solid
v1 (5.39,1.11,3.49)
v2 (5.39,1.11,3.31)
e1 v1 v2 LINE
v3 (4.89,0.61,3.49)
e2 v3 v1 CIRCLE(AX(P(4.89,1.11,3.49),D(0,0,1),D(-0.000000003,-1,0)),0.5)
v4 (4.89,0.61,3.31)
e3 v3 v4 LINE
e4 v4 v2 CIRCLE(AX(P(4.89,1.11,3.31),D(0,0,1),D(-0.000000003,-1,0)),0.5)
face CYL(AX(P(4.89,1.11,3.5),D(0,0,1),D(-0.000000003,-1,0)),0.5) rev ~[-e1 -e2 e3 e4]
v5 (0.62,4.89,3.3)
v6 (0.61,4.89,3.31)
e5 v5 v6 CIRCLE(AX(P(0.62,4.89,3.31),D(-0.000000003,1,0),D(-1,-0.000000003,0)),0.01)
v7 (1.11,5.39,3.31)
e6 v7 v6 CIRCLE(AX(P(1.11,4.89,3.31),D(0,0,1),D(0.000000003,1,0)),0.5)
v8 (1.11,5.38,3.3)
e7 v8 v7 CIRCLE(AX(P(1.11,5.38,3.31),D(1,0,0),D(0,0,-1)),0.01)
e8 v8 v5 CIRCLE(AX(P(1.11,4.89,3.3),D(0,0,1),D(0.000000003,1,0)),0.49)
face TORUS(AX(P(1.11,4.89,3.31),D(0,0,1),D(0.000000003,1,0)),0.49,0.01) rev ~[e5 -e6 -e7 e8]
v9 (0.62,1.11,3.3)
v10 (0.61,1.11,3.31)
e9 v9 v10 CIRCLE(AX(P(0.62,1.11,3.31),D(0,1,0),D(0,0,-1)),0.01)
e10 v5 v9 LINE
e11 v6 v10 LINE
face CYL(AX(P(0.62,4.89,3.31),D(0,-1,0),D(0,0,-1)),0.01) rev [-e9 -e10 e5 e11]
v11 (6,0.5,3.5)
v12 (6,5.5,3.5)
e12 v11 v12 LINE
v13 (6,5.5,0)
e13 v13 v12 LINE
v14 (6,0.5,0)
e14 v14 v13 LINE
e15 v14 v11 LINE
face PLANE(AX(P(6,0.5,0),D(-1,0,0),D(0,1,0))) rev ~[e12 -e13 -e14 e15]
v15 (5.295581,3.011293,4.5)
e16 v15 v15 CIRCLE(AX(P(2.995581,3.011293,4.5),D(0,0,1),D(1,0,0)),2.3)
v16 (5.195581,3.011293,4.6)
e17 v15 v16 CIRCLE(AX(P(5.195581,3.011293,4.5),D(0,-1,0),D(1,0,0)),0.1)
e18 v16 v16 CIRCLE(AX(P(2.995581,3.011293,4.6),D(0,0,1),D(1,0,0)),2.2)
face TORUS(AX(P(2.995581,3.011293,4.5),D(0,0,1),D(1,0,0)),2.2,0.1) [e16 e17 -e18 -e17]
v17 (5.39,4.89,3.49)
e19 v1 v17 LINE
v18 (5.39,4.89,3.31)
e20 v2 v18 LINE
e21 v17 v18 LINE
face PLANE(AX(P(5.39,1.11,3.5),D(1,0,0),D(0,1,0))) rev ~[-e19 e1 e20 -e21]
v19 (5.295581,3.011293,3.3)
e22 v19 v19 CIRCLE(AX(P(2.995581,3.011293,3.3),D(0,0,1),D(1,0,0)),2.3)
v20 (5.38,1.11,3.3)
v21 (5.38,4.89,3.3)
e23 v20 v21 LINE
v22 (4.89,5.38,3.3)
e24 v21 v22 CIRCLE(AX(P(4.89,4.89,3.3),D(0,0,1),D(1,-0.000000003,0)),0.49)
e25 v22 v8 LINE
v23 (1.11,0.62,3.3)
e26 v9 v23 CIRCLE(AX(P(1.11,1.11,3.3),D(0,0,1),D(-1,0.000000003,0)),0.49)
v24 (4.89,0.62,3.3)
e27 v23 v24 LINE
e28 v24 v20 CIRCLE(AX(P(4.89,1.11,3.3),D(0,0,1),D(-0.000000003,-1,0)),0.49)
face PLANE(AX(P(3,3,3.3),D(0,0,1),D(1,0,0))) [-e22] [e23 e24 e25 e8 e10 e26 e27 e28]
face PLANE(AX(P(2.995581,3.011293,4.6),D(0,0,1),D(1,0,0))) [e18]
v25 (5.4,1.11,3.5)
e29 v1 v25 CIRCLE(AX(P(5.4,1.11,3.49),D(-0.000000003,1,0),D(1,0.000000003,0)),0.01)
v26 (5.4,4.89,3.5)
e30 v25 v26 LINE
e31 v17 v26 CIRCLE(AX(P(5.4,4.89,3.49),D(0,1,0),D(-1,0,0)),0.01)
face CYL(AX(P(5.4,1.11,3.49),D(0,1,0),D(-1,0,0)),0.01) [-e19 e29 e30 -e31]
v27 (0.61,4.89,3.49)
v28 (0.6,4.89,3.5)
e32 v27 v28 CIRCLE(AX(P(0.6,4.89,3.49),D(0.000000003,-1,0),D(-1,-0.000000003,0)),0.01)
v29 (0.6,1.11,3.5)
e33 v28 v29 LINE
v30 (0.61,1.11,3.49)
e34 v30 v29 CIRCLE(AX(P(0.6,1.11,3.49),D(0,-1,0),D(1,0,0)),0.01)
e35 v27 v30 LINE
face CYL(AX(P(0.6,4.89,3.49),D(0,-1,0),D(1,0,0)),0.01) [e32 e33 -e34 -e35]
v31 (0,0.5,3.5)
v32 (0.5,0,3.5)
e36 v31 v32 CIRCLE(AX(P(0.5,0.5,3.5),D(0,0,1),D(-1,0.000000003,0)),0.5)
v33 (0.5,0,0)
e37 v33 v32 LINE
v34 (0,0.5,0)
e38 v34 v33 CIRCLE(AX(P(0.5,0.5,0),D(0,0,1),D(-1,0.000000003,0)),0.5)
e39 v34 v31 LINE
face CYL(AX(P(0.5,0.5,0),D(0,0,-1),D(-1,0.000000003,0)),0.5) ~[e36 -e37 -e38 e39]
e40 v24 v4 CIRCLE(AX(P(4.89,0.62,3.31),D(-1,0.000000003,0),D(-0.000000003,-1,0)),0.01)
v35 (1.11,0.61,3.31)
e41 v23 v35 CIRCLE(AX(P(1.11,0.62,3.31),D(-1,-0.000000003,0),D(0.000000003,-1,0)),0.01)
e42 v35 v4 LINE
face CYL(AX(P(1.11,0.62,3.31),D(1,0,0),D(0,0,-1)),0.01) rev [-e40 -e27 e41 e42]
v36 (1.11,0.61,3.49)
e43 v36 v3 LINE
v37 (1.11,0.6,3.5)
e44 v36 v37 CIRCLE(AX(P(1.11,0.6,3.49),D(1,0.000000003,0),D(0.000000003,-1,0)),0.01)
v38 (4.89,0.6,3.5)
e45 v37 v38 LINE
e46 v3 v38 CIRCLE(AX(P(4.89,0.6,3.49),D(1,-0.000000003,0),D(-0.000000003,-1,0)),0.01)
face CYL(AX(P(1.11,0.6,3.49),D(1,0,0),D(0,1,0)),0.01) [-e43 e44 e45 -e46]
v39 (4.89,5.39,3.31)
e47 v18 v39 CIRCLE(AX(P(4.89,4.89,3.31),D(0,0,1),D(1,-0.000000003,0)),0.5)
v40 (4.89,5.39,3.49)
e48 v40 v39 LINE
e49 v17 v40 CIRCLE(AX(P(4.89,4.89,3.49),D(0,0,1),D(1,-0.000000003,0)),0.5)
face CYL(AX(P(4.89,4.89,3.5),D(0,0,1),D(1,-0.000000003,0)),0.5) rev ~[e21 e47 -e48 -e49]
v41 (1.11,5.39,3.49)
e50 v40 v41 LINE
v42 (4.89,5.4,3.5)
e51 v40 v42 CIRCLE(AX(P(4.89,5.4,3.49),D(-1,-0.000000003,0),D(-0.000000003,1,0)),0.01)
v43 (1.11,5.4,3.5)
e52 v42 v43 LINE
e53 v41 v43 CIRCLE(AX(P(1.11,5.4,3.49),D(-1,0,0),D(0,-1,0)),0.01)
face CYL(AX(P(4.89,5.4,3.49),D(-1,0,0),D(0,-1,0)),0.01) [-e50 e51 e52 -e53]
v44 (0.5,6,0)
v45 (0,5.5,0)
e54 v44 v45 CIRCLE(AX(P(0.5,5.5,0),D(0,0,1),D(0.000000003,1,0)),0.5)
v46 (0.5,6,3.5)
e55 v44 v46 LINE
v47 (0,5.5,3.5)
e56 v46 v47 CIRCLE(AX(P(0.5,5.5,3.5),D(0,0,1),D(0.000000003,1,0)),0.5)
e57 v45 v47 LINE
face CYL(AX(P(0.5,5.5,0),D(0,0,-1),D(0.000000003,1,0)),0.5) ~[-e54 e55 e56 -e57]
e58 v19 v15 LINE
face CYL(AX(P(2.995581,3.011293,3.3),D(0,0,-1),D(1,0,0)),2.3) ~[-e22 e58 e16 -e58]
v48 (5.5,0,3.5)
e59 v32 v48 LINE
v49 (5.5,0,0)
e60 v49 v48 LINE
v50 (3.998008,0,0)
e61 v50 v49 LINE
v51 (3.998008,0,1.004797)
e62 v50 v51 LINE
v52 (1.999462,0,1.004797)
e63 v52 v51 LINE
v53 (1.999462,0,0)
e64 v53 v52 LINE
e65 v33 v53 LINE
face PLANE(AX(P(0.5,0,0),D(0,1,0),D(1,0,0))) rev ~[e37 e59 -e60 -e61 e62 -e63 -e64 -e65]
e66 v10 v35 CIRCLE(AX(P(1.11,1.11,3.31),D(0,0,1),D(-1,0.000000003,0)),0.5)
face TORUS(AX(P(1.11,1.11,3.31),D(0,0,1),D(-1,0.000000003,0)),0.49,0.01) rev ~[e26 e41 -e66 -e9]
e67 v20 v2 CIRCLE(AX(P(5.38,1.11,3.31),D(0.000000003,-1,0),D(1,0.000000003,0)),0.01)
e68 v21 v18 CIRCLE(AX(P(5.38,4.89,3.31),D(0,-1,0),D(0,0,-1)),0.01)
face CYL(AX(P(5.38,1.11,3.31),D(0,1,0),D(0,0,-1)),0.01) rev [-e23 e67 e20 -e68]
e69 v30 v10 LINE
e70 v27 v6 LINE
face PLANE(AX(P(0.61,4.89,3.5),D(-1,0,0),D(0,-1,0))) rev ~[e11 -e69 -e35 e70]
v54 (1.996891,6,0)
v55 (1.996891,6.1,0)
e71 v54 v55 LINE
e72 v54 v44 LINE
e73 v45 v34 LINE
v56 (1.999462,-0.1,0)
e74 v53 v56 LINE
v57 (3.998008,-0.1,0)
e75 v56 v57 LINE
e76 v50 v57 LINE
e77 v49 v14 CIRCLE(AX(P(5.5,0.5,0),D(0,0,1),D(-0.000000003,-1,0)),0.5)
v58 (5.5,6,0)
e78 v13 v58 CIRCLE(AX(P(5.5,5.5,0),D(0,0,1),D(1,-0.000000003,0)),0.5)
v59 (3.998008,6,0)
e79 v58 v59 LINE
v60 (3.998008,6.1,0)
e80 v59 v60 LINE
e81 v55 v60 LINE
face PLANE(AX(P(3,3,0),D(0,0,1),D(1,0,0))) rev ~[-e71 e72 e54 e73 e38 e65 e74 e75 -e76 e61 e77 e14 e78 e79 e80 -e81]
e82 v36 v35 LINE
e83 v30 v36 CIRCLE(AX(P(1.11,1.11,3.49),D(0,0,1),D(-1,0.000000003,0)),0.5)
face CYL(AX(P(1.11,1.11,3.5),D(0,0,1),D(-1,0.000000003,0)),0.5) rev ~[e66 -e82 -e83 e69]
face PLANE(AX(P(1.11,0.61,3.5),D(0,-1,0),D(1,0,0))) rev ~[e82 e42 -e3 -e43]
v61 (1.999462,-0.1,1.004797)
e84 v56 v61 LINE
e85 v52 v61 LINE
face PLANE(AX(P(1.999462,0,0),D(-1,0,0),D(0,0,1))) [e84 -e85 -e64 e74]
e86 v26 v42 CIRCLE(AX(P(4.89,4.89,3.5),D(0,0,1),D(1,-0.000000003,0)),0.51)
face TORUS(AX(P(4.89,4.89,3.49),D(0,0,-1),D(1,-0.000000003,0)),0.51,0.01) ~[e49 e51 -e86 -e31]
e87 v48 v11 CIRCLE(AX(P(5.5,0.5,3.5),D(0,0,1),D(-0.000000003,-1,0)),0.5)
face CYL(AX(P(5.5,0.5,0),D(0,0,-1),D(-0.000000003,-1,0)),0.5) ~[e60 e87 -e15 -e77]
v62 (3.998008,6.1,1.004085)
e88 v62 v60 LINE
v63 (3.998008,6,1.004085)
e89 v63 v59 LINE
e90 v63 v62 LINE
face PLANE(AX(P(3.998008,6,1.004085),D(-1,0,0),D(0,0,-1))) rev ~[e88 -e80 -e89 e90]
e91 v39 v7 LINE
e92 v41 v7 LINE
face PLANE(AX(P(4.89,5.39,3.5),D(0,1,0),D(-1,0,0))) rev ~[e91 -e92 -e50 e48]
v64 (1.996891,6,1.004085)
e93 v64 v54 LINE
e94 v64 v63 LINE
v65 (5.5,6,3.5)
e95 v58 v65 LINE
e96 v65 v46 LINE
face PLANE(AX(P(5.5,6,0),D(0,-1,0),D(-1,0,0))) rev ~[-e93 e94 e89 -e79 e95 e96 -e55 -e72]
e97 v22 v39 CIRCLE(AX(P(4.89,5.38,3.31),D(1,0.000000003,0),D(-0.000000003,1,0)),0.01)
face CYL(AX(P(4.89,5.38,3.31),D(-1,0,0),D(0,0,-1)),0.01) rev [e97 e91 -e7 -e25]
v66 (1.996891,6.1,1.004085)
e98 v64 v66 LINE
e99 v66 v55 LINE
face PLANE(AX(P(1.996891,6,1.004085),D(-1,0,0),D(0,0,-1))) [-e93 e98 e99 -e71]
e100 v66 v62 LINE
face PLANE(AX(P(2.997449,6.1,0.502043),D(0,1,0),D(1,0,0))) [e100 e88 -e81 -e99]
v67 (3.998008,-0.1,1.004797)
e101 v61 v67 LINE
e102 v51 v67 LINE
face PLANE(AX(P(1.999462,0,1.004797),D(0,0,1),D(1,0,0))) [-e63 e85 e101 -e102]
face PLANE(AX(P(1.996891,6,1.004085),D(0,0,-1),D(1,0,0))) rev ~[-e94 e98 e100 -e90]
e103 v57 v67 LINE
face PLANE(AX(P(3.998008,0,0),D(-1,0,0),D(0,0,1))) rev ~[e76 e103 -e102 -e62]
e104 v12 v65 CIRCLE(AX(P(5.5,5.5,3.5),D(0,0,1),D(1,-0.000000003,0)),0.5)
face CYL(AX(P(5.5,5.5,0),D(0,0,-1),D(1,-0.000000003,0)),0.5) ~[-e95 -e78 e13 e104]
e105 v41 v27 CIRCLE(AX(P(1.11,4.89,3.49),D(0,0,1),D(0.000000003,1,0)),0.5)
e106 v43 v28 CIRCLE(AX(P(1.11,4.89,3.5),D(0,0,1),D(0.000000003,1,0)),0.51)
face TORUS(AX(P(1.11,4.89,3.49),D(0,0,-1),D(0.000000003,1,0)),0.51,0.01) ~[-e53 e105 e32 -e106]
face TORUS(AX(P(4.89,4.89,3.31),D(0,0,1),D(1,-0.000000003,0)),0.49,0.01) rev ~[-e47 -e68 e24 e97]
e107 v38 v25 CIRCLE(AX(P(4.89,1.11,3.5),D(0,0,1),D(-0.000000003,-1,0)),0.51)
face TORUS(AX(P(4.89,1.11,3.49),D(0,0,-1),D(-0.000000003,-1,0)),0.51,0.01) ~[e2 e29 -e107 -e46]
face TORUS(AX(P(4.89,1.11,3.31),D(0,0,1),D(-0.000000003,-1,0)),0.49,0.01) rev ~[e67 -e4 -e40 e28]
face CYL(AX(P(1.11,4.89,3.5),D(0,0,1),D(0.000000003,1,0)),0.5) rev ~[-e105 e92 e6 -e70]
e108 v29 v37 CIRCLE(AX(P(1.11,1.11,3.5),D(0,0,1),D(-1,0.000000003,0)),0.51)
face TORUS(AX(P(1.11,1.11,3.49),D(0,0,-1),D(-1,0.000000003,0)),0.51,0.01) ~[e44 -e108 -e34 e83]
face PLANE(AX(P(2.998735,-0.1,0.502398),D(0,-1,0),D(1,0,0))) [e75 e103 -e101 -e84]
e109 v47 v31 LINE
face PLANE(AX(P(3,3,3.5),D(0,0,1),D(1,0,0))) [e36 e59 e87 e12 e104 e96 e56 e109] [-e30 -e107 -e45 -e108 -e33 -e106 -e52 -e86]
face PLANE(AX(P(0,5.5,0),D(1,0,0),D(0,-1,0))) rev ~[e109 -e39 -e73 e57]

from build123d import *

# Parameters (mm, degrees)
BOSS_EXTRU_1_DEPTH      = 3.5
ENL_V_MAT_EXTRU_1_DEPTH = 0.2
ESQUISSE3_R             = 2.3
BOSS_EXTRU_2_DEPTH      = 1.3
CONG_1_R                = 0.1
CONG_2_R                = 0.01
ESQUISSE4_W             = 1.998545811
ESQUISSE4_H             = 1.004796591
BOSS_EXTRU_3_DEPTH      = 0.1
ESQUISSE5_W             = 2.001116517
ESQUISSE5_H             = 1.004085413
BOSS_EXTRU_4_DEPTH      = 0.1


with BuildPart() as part:
    # Esquisse1 → Boss.-Extru.1 (new body)
    with BuildSketch(Plane.XY):
        with BuildLine():
            Line((0.5, 0), (5.5, 0))
            ThreePointArc((5.5, 0), (5.853553391, 0.146446609), (6, 0.5))
            Line((6, 0.5), (6, 5.5))
            ThreePointArc((6, 5.5), (5.853553391, 5.853553391), (5.5, 6))
            Line((5.5, 6), (0.5, 6))
            ThreePointArc((0.5, 6), (0.146446609, 5.853553391), (0, 5.5))
            Line((0, 5.5), (0, 0.5))
            ThreePointArc((0, 0.5), (0.146446609, 0.146446609), (0.5, 0))
        make_face()
    extrude(amount=BOSS_EXTRU_1_DEPTH)

    # Esquisse2 → Enlèv. mat.-Extru.1 (cut)
    with BuildSketch(Plane.XY.offset(3.5)):
        with BuildLine():
            Line((1.11, 0.61), (4.89, 0.61))
            ThreePointArc((4.89, 0.61), (5.243553391, 0.756446609), (5.39, 1.11))
            Line((5.39, 1.11), (5.39, 4.89))
            ThreePointArc((5.39, 4.89), (5.243553391, 5.243553391), (4.89, 5.39))
            Line((4.89, 5.39), (1.11, 5.39))
            ThreePointArc((1.11, 5.39), (0.756446609, 5.243553391), (0.61, 4.89))
            Line((0.61, 4.89), (0.61, 1.11))
            ThreePointArc((0.61, 1.11), (0.756446609, 0.756446609), (1.11, 0.61))
        make_face()
    extrude(amount=-ENL_V_MAT_EXTRU_1_DEPTH, mode=Mode.SUBTRACT)

    # Esquisse3 → Boss.-Extru.2 (add)
    with BuildSketch(Plane.XY.offset(3.3)):
        with Locations((2.9955811, 3.011293081)):
            Circle(ESQUISSE3_R)
    extrude(amount=BOSS_EXTRU_2_DEPTH)

    # Congé1
    cong_1_edges = [part.edges().sort_by_distance(p)[0] for p in [
        (0.6955811, 3.011293081, 4.6),
    ]]
    fillet(cong_1_edges, radius=CONG_1_R)

    # Congé2
    cong_2_edges = [part.edges().sort_by_distance(p)[0] for p in [
        (5.243553391, 0.756446609, 3.3),
        (3, 0.61, 3.3),
        (0.756446609, 0.756446609, 3.3),
        (0.61, 3, 3.3),
        (0.756446609, 5.243553391, 3.3),
        (3, 5.39, 3.3),
        (5.243553391, 5.243553391, 3.3),
        (5.39, 3, 3.3),
        (5.243553391, 0.756446609, 3.5),
        (5.39, 3, 3.5),
        (5.243553391, 5.243553391, 3.5),
        (3, 5.39, 3.5),
        (0.756446609, 5.243553391, 3.5),
        (0.61, 3, 3.5),
        (0.756446609, 0.756446609, 3.5),
        (3, 0.61, 3.5),
    ]]
    fillet(cong_2_edges, radius=CONG_2_R)

    # Esquisse4 → Boss.-Extru.3 (add)
    with BuildSketch(Plane.XZ):
        with Locations((2.998734602, 0.502398296)):
            Rectangle(ESQUISSE4_W, ESQUISSE4_H)
    extrude(amount=BOSS_EXTRU_3_DEPTH)

    # Esquisse5 → Boss.-Extru.4 (add)
    with BuildSketch(Plane(origin=(0, 6, 0), x_dir=(1, 0, 0), z_dir=(0, 1, 0))):
        with Locations((2.997449249, -0.502042707)):
            Rectangle(ESQUISSE5_W, ESQUISSE5_H)
    extrude(amount=BOSS_EXTRU_4_DEPTH)


solid = part.part
